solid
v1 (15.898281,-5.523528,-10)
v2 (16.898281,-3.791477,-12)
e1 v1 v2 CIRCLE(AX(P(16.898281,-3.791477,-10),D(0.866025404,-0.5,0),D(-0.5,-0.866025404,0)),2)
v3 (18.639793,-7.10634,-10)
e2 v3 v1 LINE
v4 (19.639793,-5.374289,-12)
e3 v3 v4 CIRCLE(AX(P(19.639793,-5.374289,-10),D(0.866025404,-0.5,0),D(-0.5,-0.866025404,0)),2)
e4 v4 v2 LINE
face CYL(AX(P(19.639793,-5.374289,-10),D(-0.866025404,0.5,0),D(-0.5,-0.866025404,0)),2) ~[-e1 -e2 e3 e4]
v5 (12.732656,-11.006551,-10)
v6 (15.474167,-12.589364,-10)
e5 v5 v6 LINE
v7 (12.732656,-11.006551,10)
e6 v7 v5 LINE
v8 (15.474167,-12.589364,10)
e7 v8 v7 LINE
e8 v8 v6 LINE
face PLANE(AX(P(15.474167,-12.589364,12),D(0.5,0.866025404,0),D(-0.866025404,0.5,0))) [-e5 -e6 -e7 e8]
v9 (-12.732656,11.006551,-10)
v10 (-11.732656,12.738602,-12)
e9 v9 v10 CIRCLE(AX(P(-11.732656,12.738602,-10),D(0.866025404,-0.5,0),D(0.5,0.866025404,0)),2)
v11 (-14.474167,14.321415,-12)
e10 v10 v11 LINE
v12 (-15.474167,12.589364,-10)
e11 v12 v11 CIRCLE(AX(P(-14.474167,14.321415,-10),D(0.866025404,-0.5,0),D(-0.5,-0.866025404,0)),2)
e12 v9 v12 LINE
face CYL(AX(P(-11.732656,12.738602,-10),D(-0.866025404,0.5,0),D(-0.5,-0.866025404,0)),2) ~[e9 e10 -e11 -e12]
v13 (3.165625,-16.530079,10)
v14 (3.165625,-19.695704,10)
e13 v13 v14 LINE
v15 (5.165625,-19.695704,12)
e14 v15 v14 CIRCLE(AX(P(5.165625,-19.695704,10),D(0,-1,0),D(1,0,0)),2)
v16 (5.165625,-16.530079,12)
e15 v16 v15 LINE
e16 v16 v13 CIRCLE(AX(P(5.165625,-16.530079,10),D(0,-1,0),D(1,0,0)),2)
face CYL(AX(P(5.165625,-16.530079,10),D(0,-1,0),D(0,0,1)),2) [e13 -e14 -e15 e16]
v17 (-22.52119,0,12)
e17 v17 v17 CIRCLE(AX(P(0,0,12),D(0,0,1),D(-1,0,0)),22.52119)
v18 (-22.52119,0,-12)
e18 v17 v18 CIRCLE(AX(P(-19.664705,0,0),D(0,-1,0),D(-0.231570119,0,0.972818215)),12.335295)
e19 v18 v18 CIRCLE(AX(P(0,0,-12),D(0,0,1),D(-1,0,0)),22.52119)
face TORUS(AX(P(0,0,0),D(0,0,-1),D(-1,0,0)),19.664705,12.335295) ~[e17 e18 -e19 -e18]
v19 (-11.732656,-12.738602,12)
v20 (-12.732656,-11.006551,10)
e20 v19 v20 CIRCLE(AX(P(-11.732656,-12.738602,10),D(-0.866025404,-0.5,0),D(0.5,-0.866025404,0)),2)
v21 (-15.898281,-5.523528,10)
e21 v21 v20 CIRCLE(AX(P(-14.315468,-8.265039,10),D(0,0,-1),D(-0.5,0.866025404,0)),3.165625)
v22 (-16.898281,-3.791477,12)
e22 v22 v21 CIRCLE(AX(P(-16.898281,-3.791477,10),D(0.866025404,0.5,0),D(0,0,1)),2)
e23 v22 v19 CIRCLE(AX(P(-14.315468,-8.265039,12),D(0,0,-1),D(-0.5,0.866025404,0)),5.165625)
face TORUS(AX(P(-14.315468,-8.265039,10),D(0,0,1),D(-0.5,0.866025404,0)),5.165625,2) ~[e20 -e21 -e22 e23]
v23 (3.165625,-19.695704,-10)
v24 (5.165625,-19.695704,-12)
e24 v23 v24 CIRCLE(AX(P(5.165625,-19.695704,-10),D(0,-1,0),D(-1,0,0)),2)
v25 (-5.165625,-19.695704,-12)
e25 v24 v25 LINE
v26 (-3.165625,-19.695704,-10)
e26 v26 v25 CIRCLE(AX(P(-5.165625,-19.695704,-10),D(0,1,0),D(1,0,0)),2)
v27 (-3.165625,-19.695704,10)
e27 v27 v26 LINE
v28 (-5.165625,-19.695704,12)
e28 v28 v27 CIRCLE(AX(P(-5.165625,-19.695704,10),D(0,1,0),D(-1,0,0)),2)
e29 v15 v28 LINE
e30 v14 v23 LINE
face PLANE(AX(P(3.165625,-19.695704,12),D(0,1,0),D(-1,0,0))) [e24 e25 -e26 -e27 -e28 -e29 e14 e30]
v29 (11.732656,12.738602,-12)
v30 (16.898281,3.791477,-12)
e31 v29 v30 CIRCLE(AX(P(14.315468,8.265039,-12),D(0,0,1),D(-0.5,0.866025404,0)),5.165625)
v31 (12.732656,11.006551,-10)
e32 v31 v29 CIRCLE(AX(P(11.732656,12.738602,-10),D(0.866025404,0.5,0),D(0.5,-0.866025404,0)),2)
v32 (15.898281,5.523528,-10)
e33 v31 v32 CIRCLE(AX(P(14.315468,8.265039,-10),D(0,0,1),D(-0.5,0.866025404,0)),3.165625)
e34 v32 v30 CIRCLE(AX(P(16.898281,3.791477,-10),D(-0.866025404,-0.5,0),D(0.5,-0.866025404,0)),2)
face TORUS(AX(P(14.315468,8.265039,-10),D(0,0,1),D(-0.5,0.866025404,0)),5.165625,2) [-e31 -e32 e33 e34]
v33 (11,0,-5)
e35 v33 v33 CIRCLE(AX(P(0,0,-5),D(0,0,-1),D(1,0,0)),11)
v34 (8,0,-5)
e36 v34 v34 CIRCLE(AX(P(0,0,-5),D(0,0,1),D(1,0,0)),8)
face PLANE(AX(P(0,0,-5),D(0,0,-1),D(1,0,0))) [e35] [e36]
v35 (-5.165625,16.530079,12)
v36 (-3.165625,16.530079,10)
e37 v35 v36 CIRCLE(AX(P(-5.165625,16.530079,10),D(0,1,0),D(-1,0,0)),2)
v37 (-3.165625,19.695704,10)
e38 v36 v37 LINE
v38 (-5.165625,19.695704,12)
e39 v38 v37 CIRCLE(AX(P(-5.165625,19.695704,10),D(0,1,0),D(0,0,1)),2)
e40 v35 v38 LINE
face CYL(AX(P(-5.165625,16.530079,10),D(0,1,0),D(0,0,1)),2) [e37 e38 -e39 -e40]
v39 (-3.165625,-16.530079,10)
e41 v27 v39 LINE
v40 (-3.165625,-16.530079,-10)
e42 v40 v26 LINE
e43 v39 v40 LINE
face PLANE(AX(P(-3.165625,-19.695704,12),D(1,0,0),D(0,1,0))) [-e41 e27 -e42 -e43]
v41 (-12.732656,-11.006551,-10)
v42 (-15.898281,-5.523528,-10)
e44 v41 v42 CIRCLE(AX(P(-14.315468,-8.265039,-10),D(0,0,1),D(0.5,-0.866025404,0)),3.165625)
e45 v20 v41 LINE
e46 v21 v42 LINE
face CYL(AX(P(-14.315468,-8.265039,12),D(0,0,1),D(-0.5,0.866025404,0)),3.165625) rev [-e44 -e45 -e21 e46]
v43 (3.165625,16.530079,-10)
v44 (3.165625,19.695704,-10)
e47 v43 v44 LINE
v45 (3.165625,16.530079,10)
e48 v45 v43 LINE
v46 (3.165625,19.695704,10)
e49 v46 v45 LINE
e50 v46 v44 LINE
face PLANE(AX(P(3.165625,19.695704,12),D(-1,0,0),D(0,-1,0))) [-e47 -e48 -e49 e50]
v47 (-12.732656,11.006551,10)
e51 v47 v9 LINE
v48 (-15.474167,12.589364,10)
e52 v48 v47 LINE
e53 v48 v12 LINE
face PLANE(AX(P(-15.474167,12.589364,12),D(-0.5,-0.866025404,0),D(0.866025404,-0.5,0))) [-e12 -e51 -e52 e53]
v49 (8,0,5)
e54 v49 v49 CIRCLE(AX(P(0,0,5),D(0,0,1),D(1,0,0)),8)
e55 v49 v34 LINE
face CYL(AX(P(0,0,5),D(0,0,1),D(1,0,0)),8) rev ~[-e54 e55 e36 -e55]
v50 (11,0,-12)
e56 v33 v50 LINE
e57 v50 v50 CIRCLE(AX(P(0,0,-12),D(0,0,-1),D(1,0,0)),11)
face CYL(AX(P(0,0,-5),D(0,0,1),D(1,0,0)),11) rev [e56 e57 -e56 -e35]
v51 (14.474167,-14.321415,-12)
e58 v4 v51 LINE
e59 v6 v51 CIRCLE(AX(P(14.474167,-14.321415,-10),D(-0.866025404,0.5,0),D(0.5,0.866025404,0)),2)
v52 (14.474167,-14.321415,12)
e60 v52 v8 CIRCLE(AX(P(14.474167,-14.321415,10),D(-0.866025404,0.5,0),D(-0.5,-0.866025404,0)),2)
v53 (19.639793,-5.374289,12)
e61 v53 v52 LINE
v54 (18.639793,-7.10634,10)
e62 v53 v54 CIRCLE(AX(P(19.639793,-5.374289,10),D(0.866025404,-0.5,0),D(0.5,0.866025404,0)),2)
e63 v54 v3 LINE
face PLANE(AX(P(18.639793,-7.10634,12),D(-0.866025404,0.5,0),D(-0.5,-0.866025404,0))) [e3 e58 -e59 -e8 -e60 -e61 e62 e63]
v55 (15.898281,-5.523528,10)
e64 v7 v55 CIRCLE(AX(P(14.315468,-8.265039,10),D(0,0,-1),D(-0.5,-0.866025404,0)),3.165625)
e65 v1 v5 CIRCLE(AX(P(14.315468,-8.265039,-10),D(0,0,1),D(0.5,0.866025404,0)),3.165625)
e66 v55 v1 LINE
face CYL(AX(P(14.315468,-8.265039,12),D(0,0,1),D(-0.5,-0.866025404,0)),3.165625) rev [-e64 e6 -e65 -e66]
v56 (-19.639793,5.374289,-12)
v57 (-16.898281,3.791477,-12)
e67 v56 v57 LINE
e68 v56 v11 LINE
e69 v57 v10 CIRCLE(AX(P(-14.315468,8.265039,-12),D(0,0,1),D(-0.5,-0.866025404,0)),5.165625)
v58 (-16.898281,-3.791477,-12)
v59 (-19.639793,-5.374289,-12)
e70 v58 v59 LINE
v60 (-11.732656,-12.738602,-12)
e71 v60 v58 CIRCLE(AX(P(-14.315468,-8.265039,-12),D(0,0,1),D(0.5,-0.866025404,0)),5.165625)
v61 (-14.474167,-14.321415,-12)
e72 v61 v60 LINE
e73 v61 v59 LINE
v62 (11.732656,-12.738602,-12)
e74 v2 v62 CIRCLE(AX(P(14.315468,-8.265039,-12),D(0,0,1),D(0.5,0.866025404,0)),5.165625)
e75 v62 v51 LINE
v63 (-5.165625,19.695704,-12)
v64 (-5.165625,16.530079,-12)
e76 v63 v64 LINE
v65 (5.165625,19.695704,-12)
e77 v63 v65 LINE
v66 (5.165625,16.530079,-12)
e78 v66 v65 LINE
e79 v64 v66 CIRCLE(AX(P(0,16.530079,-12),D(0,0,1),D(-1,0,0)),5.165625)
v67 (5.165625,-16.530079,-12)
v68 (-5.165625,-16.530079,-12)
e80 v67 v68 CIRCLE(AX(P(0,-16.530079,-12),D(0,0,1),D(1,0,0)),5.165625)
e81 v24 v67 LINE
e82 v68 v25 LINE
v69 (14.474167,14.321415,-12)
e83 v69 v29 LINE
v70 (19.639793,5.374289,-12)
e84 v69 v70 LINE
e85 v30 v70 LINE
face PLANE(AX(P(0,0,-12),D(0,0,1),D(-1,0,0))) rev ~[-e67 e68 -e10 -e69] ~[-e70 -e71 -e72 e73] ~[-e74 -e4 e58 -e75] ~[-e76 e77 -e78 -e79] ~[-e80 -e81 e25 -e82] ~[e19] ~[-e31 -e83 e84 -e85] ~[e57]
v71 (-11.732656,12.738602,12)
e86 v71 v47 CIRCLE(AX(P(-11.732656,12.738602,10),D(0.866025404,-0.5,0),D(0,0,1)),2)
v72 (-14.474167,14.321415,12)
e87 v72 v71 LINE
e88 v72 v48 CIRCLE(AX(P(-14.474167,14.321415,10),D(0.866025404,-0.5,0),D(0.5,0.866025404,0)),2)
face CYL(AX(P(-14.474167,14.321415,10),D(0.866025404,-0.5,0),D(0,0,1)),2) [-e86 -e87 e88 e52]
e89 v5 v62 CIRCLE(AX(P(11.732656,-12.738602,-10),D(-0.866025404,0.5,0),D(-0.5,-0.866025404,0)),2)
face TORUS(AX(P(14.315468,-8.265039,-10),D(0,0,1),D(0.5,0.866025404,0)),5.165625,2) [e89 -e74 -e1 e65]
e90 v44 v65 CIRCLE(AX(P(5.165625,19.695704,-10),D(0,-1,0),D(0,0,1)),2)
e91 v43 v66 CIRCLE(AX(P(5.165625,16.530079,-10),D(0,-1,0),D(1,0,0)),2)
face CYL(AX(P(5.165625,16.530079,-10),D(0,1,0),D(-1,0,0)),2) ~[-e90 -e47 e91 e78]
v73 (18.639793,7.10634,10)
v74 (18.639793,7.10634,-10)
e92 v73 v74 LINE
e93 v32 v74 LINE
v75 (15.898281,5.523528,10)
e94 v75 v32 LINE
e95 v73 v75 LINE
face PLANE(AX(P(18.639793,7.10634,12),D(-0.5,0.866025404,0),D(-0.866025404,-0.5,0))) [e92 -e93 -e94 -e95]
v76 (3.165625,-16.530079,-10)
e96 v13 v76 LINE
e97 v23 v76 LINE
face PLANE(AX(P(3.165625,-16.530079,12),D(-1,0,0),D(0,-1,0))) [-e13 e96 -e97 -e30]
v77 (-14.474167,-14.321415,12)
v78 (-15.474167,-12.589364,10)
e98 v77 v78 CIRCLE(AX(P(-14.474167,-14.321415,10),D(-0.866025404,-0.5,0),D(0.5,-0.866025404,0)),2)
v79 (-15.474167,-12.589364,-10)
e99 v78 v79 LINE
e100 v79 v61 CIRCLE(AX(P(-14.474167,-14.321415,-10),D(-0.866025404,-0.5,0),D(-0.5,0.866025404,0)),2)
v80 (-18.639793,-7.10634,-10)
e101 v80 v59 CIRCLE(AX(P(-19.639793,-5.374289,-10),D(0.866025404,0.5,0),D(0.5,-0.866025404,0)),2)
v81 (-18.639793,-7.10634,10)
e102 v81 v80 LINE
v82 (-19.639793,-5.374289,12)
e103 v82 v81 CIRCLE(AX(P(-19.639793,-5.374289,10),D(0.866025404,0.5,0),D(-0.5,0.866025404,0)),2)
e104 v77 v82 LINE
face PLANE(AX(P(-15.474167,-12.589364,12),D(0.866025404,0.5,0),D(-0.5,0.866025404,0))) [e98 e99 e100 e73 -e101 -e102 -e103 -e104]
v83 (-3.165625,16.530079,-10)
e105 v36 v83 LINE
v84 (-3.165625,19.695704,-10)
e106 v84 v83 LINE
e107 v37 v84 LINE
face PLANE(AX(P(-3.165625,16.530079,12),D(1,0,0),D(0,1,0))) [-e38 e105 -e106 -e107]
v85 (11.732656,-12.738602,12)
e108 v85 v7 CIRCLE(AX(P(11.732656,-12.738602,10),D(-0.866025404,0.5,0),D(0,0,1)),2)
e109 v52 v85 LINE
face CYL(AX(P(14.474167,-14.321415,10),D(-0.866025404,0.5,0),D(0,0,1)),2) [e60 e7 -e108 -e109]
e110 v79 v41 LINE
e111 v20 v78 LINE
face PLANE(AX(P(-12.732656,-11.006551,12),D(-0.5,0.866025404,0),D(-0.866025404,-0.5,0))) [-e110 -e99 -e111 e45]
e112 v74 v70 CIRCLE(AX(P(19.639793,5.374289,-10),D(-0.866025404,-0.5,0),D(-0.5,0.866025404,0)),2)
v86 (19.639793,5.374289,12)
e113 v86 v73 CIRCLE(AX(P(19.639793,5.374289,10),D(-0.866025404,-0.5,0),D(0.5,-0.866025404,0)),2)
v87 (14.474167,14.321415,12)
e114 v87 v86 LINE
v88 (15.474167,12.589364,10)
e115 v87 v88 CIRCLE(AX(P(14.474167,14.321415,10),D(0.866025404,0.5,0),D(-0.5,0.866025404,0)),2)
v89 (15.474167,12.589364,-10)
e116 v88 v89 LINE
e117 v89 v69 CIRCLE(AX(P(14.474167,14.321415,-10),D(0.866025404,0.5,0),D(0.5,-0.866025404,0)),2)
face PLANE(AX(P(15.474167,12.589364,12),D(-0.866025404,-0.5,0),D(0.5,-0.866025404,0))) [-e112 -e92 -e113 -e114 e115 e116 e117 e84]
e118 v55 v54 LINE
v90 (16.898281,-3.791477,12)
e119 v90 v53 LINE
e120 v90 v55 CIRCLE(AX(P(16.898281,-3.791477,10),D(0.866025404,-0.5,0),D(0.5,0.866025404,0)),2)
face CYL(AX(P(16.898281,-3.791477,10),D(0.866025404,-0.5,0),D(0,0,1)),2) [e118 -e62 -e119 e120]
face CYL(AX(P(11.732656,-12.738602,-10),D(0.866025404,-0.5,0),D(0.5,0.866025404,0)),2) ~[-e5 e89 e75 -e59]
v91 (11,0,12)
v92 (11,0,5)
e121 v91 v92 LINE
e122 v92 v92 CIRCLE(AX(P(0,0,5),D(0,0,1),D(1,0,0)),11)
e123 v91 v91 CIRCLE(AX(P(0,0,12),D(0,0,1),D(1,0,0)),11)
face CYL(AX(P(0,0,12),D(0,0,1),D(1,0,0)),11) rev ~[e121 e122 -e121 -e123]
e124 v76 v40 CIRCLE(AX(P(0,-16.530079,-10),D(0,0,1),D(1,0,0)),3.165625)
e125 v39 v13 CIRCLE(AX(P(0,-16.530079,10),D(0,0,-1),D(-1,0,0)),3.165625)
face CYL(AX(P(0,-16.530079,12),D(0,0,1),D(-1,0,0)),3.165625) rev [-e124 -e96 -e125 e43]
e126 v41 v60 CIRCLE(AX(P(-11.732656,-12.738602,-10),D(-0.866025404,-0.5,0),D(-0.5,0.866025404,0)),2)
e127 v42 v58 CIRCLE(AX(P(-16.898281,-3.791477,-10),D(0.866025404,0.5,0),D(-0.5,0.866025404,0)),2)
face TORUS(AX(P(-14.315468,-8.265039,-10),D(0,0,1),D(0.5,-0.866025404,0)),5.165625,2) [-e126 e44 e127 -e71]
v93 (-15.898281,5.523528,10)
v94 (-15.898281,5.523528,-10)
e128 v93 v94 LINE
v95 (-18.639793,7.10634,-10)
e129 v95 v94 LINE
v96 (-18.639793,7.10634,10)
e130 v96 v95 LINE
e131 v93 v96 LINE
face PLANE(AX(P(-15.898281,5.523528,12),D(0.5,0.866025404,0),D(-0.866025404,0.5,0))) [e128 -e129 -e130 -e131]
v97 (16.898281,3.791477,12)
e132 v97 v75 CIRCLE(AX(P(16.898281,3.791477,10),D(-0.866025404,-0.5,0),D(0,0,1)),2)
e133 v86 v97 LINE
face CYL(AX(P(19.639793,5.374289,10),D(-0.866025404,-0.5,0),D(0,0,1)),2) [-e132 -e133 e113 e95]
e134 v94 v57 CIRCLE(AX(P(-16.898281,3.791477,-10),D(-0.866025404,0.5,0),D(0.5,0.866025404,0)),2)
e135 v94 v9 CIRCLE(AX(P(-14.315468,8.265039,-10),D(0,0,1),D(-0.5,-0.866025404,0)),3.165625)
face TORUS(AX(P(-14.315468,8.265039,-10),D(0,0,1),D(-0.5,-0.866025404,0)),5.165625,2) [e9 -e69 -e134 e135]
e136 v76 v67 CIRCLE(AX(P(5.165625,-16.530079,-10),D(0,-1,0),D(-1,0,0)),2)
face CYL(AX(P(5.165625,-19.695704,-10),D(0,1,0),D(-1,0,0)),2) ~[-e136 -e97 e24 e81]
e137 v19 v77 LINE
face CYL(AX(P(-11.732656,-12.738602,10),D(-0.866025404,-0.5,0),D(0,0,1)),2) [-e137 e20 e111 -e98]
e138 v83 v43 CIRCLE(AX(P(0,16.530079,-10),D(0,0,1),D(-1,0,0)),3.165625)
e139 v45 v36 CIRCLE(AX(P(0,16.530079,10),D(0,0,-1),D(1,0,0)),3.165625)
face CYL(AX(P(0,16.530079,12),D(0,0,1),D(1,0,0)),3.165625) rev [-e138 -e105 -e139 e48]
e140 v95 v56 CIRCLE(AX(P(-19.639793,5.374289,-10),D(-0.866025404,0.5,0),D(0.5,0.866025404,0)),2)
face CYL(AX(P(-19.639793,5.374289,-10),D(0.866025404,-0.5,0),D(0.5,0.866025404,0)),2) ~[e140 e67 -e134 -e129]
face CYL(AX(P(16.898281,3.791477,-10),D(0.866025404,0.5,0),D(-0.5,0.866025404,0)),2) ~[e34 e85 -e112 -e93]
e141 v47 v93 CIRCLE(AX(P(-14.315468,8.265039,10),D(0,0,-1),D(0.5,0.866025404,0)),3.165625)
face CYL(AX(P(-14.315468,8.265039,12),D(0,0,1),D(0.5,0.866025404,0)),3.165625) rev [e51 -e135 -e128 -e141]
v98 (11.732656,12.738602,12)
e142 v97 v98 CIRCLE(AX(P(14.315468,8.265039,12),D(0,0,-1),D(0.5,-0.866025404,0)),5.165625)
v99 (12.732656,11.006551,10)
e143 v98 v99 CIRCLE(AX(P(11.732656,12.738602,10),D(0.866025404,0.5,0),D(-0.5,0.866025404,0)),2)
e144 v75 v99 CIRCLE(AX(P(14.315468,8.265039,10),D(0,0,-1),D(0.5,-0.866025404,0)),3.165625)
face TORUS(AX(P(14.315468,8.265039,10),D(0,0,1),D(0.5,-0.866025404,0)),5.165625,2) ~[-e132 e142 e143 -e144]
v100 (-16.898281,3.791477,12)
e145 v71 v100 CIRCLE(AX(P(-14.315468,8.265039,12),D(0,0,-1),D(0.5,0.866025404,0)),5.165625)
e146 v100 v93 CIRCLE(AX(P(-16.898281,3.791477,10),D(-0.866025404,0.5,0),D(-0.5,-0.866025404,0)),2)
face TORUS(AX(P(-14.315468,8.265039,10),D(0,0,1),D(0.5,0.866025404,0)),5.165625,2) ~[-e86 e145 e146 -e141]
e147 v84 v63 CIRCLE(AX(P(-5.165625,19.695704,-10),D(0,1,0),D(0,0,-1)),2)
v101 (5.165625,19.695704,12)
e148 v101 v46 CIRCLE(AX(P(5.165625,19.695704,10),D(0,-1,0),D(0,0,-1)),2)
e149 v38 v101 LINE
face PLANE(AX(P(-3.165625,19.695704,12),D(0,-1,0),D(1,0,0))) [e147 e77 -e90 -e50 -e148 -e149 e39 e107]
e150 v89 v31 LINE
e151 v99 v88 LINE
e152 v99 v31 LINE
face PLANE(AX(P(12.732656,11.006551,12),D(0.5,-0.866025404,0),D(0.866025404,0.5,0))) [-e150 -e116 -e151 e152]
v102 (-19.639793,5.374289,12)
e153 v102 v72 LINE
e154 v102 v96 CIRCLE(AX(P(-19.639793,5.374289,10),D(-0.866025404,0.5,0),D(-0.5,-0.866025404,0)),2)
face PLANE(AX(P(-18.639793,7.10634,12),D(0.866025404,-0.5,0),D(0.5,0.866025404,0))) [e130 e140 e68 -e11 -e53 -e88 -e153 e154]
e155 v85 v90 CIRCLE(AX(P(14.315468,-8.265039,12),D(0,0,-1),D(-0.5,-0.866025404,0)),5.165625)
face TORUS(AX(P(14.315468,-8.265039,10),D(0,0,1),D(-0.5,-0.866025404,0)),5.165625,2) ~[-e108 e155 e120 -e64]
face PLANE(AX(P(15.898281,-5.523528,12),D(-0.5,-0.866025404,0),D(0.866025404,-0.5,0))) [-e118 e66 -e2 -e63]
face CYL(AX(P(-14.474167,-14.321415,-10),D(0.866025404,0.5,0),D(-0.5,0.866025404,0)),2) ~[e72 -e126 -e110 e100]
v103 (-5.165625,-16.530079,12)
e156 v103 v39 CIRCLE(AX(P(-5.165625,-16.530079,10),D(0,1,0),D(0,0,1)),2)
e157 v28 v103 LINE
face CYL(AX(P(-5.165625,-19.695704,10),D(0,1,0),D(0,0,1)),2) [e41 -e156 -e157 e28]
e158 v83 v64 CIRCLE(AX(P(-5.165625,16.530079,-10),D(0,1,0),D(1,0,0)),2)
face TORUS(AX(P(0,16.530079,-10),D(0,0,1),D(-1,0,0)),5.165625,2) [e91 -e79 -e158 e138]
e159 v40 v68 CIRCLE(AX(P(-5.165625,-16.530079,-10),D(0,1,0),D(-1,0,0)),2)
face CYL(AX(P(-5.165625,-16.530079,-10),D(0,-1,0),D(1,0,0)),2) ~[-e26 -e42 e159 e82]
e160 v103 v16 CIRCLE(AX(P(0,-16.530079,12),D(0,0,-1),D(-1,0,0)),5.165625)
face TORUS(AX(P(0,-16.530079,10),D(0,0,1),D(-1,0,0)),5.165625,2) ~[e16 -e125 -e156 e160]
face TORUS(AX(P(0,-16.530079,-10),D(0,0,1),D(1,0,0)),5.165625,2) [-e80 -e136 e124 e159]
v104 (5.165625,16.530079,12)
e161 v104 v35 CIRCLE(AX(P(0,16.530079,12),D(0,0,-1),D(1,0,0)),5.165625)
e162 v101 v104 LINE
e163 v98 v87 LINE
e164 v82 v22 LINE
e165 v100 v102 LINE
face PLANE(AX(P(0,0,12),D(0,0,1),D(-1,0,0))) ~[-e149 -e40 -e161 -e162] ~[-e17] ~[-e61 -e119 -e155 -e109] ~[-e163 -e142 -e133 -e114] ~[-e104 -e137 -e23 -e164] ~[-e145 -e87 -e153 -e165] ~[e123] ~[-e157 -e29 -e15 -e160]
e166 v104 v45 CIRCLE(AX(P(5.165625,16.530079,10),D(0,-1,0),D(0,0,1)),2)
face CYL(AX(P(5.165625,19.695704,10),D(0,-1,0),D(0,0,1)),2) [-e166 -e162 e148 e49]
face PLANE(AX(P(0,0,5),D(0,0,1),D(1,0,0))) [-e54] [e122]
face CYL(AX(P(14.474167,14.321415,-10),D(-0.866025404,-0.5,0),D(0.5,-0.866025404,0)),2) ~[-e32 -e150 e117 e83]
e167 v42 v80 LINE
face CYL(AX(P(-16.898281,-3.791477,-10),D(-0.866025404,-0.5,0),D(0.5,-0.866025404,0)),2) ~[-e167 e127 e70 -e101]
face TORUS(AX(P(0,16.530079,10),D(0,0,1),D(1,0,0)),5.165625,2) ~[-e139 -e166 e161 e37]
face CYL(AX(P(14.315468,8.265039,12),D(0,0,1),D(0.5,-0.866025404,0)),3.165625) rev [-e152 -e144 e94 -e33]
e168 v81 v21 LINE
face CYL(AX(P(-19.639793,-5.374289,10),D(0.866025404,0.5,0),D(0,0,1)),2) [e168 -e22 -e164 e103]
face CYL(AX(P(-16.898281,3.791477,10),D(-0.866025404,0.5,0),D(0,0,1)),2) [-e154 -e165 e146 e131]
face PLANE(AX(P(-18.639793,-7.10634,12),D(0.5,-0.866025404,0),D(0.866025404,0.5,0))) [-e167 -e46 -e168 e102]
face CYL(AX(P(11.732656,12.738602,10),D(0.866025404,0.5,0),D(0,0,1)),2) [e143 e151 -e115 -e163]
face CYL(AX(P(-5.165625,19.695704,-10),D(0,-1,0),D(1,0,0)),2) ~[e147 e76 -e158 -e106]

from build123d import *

# Parameters (mm, degrees)
SKETCH2_R          = 11
CUT_EXTRUDE1_DEPTH = 7
CUT_EXTRUDE2_START = -7
SKETCH3_R          = 11
CUT_EXTRUDE2_DEPTH = 7
CUT_EXTRUDE3_REACH = 50.343
SKETCH4_R          = 8
CUT_EXTRUDE4_REACH = 53.225
CIRPATTERN1_COUNT  = 6
FILLET1_R          = 2


with BuildPart() as part:
    # Sketch1 → Revolve1 (revolve)
    with BuildSketch(Plane(origin=(0, 0, 0), x_dir=(0, 0, -1), z_dir=(1, 0, 0)), mode=Mode.PRIVATE) as revolve1_sk:
        with BuildLine():
            Line((12, 0), (-12, 0))
            Line((-12, 0), (-12, 22.521190469))
            ThreePointArc((-12, 22.521190469), (0, 32), (12, 22.521190469))
            Line((12, 22.521190469), (12, 0))
        make_face()
    revolve(revolve1_sk.sketch.rotate(Axis((0, 0, -12), (0, 0, 1)), 90), axis=Axis((0, 0, -12), (0, 0, 1)))

    # Sketch2 → Cut-Extrude1 (cut)
    with BuildSketch(Plane.XY.offset(12)):
        Circle(SKETCH2_R)
    extrude(amount=-CUT_EXTRUDE1_DEPTH, mode=Mode.SUBTRACT)

    # Sketch3 → Cut-Extrude2 (cut)
    with BuildSketch(Plane(origin=(0, 0, -12), x_dir=(-1, 0, 0), z_dir=(0, 0, -1)).offset(CUT_EXTRUDE2_START)):
        with Locations(Location((0, 0, 0), (0, 0, 180))):
            Circle(SKETCH3_R)
    extrude(amount=CUT_EXTRUDE2_DEPTH, mode=Mode.SUBTRACT)

    # Sketch4 → Cut-Extrude3 (cut, up to next)
    with BuildSketch(Plane.XY.offset(5), mode=Mode.PRIVATE) as cut_extrude3_sk1:
        Circle(SKETCH4_R)
    cut_extrude3_tool1 = extrude(cut_extrude3_sk1.sketch, amount=-CUT_EXTRUDE3_REACH, mode=Mode.PRIVATE) & part.part
    add(cut_extrude3_tool1.solids().sort_by_distance((0, 0, 5))[0], mode=Mode.SUBTRACT)

    # Sketch6 → Cut-Extrude4 (cut, up to next)
    with BuildSketch(Plane.XY.offset(12), mode=Mode.PRIVATE) as cut_extrude4_sk1:
        with BuildLine():
            Line((-3.165625097, 16.530078933), (-3.165625097, 19.69570403))
            Line((-3.165625097, 19.69570403), (3.165625097, 19.69570403))
            Line((3.165625097, 19.69570403), (3.165625097, 16.530078933))
            ThreePointArc((3.165625097, 16.530078933), (0, 13.364453835), (-3.165625097, 16.530078933))
        make_face()
    cut_extrude4_tool1 = extrude(cut_extrude4_sk1.sketch, amount=-CUT_EXTRUDE4_REACH, mode=Mode.PRIVATE) & part.part
    cut_extrude4 = cut_extrude4_tool1.solids().sort_by_distance((0, 16.82559, 12))[0]
    add(cut_extrude4, mode=Mode.SUBTRACT)

    # CirPattern1: Cut-Extrude4 ×6 about axis
    cirpattern1_axis = Axis((0, 0, 0), (0, 0, 1))
    for i in range(1, CIRPATTERN1_COUNT):
        add(cut_extrude4.rotate(cirpattern1_axis, i * 360 / CIRPATTERN1_COUNT), mode=Mode.SUBTRACT)

    # Fillet1
    fillet1_edges = [part.edges().sort_by_distance(p)[0] for p in [
        (0, 13.364453835, -12),
        (-3.165625097, 18.112891481, -12),
        (3.165625097, 18.112891481, -12),
        (0, 13.364453835, 12),
        (3.165625097, 18.112891481, 12),
        (-3.165625097, 18.112891481, 12),
        (-11.573956529, 6.682226918, -12),
        (-17.269036707, 6.314933988, -12),
        (-14.10341161, 11.797957494, -12),
        (-11.573956529, 6.682226918, 12),
        (-14.10341161, 11.797957494, 12),
        (-17.269036707, 6.314933988, 12),
        (-11.573956529, -6.682226918, -12),
        (-14.10341161, -11.797957494, -12),
        (-17.269036707, -6.314933988, -12),
        (-11.573956529, -6.682226918, 12),
        (-17.269036707, -6.314933988, 12),
        (-14.10341161, -11.797957494, 12),
        (0, -13.364453835, -12),
        (3.165625097, -18.112891481, -12),
        (-3.165625097, -18.112891481, -12),
        (0, -13.364453835, 12),
        (-3.165625097, -18.112891481, 12),
        (3.165625097, -18.112891481, 12),
        (11.573956529, -6.682226918, -12),
        (17.269036707, -6.314933988, -12),
        (14.10341161, -11.797957494, -12),
        (11.573956529, -6.682226918, 12),
        (14.10341161, -11.797957494, 12),
        (17.269036707, -6.314933988, 12),
        (11.573956529, 6.682226918, -12),
        (14.10341161, 11.797957494, -12),
        (17.269036707, 6.314933988, -12),
        (11.573956529, 6.682226918, 12),
        (17.269036707, 6.314933988, 12),
        (14.10341161, 11.797957494, 12),
    ]]
    fillet(fillet1_edges, radius=FILLET1_R)


solid = part.part
